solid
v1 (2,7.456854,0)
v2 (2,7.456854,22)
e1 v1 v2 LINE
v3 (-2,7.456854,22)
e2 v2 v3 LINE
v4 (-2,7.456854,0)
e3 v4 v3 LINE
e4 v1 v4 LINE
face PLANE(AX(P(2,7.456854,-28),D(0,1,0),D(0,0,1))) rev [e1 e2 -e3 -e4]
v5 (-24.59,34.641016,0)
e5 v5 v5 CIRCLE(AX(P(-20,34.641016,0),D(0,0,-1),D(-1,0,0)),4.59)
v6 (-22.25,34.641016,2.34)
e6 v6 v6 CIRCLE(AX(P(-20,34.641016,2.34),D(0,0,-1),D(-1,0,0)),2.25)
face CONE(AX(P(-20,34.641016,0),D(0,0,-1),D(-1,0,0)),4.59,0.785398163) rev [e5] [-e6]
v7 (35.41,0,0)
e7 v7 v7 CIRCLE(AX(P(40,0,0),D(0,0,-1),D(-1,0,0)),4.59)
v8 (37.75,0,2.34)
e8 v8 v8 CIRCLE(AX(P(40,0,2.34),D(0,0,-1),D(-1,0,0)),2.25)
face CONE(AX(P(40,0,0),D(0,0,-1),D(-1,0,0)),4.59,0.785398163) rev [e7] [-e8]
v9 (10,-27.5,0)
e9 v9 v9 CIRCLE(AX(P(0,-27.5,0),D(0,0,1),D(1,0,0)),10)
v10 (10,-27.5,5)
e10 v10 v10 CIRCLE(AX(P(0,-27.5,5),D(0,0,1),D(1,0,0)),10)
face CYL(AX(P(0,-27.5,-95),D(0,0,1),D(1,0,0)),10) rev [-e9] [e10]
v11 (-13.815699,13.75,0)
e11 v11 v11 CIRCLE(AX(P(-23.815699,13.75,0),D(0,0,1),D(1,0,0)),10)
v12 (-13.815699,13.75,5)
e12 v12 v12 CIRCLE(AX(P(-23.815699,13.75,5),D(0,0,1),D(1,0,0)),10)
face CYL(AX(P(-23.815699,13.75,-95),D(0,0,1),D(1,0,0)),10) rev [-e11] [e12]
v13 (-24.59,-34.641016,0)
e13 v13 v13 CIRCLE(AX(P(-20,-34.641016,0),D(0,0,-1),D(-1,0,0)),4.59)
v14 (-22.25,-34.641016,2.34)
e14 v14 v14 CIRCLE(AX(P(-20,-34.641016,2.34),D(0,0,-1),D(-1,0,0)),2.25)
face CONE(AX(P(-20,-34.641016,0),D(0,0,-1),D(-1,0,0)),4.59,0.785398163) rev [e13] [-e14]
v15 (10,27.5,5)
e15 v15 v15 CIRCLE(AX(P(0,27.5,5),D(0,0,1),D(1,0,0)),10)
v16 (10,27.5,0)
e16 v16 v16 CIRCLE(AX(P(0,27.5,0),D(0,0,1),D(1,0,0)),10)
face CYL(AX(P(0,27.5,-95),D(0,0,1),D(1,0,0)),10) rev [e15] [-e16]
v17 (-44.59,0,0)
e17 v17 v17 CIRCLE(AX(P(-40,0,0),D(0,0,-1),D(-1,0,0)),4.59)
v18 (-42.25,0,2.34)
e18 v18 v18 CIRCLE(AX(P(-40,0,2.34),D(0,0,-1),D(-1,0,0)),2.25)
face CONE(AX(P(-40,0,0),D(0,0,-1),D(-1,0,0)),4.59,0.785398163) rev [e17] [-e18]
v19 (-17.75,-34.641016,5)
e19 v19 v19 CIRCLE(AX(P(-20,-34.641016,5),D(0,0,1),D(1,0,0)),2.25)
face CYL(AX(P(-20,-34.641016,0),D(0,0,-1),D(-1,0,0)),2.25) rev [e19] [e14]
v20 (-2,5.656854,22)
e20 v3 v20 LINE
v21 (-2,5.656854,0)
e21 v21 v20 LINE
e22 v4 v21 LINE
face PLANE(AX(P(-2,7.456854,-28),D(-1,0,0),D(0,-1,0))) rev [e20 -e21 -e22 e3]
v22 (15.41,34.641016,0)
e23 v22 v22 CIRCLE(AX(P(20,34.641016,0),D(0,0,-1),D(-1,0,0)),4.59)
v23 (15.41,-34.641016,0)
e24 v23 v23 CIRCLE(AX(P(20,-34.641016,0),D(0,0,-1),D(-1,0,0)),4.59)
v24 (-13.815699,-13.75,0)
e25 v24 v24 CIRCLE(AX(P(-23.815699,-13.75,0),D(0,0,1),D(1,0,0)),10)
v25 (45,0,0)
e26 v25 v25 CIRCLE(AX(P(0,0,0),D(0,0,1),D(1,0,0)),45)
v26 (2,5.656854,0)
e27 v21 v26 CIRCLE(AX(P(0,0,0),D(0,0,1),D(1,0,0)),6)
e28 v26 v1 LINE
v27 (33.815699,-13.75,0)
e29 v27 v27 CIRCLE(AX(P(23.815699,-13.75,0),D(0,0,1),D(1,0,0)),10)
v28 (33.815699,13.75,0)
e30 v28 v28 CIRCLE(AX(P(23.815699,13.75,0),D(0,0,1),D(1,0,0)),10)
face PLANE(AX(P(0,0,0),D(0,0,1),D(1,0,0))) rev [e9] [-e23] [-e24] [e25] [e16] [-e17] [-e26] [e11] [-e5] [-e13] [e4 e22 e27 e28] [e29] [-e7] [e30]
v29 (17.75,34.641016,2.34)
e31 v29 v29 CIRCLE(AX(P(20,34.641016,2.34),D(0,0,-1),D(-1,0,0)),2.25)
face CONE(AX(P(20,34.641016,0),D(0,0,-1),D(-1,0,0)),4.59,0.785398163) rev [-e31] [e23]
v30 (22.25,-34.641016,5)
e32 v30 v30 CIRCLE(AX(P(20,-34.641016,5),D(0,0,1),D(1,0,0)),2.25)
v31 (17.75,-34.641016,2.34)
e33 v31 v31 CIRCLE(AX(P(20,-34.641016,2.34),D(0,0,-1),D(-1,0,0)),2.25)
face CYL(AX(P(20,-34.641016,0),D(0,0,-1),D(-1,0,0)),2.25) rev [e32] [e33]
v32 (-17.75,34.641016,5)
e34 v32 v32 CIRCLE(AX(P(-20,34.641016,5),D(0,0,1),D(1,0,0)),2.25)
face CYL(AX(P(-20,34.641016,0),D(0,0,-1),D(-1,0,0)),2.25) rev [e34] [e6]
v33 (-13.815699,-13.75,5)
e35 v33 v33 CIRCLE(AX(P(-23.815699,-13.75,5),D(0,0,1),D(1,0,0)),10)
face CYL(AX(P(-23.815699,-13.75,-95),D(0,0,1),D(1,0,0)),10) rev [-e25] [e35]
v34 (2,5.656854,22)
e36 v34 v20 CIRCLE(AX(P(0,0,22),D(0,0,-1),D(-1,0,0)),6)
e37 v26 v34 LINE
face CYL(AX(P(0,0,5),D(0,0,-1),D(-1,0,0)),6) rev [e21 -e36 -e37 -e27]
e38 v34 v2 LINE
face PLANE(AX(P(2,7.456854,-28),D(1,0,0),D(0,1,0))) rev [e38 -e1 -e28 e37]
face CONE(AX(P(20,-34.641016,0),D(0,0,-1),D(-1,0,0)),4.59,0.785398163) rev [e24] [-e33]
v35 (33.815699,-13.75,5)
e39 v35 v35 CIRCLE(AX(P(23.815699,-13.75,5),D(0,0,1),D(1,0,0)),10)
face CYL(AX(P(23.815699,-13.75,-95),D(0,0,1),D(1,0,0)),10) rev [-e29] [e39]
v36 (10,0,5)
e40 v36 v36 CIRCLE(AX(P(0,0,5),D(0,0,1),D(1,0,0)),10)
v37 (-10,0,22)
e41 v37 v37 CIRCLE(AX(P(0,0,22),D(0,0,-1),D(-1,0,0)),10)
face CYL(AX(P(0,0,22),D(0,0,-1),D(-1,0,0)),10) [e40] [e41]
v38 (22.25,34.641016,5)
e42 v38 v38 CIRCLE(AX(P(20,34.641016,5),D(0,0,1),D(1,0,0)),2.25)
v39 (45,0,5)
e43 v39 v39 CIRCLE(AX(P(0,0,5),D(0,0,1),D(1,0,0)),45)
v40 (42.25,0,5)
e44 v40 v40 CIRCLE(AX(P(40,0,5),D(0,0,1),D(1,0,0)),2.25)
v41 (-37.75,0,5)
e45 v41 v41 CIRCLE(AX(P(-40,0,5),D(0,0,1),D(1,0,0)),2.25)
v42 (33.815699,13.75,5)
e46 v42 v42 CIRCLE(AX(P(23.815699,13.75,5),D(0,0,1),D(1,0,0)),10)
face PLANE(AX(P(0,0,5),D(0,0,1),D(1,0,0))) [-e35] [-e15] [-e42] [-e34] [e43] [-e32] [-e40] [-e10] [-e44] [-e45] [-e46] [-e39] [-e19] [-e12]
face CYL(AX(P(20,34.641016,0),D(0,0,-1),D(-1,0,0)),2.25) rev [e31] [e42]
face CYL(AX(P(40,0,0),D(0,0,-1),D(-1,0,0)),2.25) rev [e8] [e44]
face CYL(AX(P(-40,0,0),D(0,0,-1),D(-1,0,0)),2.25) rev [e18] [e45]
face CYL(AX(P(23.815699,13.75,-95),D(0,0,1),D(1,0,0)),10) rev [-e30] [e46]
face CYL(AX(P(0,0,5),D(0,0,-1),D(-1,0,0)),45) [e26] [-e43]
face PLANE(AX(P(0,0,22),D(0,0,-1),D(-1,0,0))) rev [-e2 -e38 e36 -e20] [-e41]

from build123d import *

# Parameters (mm, degrees)
SKETCH1_R                                            = 45
SKETCH1_R_2                                          = 6
EXTRUDE1_DEPTH                                       = 5
SKETCH2_R                                            = 10
SKETCH2_R_2                                          = 6
EXTRUDE2_DEPTH                                       = 22
SKETCH4_R                                            = 10
CUT_EXTRUDE2_DEPTH                                   = 100
SKETCH5_W                                            = 4
SKETCH5_H                                            = 1.8
CUT_EXTRUDE3_DEPTH                                   = 50
SKETCH6_R                                            = 2
CUT_EXTRUDE4_DEPTH                                   = 15
CSK_FOR_M4_HEX_SOCKET_COUNTERSUNK_HEAD_S_D           = 4.5
CSK_FOR_M4_HEX_SOCKET_COUNTERSUNK_HEAD_S_CSINK_D     = 9.18
CSK_FOR_M4_HEX_SOCKET_COUNTERSUNK_HEAD_S_CSINK_ANGLE = 90
CIRPATTERN1_COUNT                                    = 6


with BuildPart() as part:
    # Sketch1 → Extrude1 (new body)
    with BuildSketch(Plane.XY):
        Circle(SKETCH1_R)
        Circle(SKETCH1_R_2, mode=Mode.SUBTRACT)
    extrude(amount=EXTRUDE1_DEPTH)

    # Sketch2 → Extrude2 (add)
    with BuildSketch(Plane(origin=(0, 0, 0), x_dir=(-1, 0, 0), z_dir=(0, 0, -1))):
        Circle(SKETCH2_R)
        Circle(SKETCH2_R_2, mode=Mode.SUBTRACT)
    extrude(amount=-EXTRUDE2_DEPTH)

    # Sketch4 → Cut-Extrude2 (cut)
    with BuildSketch(Plane.XY.offset(5)):
        with Locations((23.815698604, 13.75)):
            Circle(SKETCH4_R)
        with Locations((0, 27.5)):
            Circle(SKETCH4_R)
        with Locations((23.815698604, -13.75)):
            Circle(SKETCH4_R)
        with Locations((0, -27.5)):
            Circle(SKETCH4_R)
        with Locations((-23.815698604, -13.75)):
            Circle(SKETCH4_R)
        with Locations((-23.815698604, 13.75)):
            Circle(SKETCH4_R)
    extrude(amount=-CUT_EXTRUDE2_DEPTH, mode=Mode.SUBTRACT)

    # Sketch5 → Cut-Extrude3 (cut)
    with BuildSketch(Plane.XY.offset(22)):
        with Locations((0, 6.556854249)):
            Rectangle(SKETCH5_W, SKETCH5_H)
    extrude(amount=-CUT_EXTRUDE3_DEPTH, mode=Mode.SUBTRACT)

    # Sketch6 → Cut-Extrude4 (cut)
    with BuildSketch(Plane(origin=(0, 0, 0), x_dir=(-1, 0, 0), z_dir=(0, 0, -1))):
        with Locations((20, 34.641016151)):
            Circle(SKETCH6_R)
    extrude(amount=-CUT_EXTRUDE4_DEPTH, mode=Mode.SUBTRACT)

    # CSK for M4 Hex Socket Countersunk Head Screw1 (through all)
    with Locations(Plane(origin=(-20, 34.641016151, 0), x_dir=(-1, 0, 0), z_dir=(0, 0, -1))):
        with Locations((0, 0)):
            csk_for_m4_hex_socket_countersunk_head_s = CounterSinkHole(CSK_FOR_M4_HEX_SOCKET_COUNTERSUNK_HEAD_S_D / 2, CSK_FOR_M4_HEX_SOCKET_COUNTERSUNK_HEAD_S_CSINK_D / 2, counter_sink_angle=CSK_FOR_M4_HEX_SOCKET_COUNTERSUNK_HEAD_S_CSINK_ANGLE)

    # CirPattern1: CSK for M4 Hex Socket Countersunk Head Screw1 ×6 about axis
    cirpattern1_axis = Axis((0, 0, 22), (0, 0, -1))
    for i in range(1, CIRPATTERN1_COUNT):
        add(csk_for_m4_hex_socket_countersunk_head_s.rotate(cirpattern1_axis, i * 360 / CIRPATTERN1_COUNT), mode=Mode.SUBTRACT)


solid = part.part
